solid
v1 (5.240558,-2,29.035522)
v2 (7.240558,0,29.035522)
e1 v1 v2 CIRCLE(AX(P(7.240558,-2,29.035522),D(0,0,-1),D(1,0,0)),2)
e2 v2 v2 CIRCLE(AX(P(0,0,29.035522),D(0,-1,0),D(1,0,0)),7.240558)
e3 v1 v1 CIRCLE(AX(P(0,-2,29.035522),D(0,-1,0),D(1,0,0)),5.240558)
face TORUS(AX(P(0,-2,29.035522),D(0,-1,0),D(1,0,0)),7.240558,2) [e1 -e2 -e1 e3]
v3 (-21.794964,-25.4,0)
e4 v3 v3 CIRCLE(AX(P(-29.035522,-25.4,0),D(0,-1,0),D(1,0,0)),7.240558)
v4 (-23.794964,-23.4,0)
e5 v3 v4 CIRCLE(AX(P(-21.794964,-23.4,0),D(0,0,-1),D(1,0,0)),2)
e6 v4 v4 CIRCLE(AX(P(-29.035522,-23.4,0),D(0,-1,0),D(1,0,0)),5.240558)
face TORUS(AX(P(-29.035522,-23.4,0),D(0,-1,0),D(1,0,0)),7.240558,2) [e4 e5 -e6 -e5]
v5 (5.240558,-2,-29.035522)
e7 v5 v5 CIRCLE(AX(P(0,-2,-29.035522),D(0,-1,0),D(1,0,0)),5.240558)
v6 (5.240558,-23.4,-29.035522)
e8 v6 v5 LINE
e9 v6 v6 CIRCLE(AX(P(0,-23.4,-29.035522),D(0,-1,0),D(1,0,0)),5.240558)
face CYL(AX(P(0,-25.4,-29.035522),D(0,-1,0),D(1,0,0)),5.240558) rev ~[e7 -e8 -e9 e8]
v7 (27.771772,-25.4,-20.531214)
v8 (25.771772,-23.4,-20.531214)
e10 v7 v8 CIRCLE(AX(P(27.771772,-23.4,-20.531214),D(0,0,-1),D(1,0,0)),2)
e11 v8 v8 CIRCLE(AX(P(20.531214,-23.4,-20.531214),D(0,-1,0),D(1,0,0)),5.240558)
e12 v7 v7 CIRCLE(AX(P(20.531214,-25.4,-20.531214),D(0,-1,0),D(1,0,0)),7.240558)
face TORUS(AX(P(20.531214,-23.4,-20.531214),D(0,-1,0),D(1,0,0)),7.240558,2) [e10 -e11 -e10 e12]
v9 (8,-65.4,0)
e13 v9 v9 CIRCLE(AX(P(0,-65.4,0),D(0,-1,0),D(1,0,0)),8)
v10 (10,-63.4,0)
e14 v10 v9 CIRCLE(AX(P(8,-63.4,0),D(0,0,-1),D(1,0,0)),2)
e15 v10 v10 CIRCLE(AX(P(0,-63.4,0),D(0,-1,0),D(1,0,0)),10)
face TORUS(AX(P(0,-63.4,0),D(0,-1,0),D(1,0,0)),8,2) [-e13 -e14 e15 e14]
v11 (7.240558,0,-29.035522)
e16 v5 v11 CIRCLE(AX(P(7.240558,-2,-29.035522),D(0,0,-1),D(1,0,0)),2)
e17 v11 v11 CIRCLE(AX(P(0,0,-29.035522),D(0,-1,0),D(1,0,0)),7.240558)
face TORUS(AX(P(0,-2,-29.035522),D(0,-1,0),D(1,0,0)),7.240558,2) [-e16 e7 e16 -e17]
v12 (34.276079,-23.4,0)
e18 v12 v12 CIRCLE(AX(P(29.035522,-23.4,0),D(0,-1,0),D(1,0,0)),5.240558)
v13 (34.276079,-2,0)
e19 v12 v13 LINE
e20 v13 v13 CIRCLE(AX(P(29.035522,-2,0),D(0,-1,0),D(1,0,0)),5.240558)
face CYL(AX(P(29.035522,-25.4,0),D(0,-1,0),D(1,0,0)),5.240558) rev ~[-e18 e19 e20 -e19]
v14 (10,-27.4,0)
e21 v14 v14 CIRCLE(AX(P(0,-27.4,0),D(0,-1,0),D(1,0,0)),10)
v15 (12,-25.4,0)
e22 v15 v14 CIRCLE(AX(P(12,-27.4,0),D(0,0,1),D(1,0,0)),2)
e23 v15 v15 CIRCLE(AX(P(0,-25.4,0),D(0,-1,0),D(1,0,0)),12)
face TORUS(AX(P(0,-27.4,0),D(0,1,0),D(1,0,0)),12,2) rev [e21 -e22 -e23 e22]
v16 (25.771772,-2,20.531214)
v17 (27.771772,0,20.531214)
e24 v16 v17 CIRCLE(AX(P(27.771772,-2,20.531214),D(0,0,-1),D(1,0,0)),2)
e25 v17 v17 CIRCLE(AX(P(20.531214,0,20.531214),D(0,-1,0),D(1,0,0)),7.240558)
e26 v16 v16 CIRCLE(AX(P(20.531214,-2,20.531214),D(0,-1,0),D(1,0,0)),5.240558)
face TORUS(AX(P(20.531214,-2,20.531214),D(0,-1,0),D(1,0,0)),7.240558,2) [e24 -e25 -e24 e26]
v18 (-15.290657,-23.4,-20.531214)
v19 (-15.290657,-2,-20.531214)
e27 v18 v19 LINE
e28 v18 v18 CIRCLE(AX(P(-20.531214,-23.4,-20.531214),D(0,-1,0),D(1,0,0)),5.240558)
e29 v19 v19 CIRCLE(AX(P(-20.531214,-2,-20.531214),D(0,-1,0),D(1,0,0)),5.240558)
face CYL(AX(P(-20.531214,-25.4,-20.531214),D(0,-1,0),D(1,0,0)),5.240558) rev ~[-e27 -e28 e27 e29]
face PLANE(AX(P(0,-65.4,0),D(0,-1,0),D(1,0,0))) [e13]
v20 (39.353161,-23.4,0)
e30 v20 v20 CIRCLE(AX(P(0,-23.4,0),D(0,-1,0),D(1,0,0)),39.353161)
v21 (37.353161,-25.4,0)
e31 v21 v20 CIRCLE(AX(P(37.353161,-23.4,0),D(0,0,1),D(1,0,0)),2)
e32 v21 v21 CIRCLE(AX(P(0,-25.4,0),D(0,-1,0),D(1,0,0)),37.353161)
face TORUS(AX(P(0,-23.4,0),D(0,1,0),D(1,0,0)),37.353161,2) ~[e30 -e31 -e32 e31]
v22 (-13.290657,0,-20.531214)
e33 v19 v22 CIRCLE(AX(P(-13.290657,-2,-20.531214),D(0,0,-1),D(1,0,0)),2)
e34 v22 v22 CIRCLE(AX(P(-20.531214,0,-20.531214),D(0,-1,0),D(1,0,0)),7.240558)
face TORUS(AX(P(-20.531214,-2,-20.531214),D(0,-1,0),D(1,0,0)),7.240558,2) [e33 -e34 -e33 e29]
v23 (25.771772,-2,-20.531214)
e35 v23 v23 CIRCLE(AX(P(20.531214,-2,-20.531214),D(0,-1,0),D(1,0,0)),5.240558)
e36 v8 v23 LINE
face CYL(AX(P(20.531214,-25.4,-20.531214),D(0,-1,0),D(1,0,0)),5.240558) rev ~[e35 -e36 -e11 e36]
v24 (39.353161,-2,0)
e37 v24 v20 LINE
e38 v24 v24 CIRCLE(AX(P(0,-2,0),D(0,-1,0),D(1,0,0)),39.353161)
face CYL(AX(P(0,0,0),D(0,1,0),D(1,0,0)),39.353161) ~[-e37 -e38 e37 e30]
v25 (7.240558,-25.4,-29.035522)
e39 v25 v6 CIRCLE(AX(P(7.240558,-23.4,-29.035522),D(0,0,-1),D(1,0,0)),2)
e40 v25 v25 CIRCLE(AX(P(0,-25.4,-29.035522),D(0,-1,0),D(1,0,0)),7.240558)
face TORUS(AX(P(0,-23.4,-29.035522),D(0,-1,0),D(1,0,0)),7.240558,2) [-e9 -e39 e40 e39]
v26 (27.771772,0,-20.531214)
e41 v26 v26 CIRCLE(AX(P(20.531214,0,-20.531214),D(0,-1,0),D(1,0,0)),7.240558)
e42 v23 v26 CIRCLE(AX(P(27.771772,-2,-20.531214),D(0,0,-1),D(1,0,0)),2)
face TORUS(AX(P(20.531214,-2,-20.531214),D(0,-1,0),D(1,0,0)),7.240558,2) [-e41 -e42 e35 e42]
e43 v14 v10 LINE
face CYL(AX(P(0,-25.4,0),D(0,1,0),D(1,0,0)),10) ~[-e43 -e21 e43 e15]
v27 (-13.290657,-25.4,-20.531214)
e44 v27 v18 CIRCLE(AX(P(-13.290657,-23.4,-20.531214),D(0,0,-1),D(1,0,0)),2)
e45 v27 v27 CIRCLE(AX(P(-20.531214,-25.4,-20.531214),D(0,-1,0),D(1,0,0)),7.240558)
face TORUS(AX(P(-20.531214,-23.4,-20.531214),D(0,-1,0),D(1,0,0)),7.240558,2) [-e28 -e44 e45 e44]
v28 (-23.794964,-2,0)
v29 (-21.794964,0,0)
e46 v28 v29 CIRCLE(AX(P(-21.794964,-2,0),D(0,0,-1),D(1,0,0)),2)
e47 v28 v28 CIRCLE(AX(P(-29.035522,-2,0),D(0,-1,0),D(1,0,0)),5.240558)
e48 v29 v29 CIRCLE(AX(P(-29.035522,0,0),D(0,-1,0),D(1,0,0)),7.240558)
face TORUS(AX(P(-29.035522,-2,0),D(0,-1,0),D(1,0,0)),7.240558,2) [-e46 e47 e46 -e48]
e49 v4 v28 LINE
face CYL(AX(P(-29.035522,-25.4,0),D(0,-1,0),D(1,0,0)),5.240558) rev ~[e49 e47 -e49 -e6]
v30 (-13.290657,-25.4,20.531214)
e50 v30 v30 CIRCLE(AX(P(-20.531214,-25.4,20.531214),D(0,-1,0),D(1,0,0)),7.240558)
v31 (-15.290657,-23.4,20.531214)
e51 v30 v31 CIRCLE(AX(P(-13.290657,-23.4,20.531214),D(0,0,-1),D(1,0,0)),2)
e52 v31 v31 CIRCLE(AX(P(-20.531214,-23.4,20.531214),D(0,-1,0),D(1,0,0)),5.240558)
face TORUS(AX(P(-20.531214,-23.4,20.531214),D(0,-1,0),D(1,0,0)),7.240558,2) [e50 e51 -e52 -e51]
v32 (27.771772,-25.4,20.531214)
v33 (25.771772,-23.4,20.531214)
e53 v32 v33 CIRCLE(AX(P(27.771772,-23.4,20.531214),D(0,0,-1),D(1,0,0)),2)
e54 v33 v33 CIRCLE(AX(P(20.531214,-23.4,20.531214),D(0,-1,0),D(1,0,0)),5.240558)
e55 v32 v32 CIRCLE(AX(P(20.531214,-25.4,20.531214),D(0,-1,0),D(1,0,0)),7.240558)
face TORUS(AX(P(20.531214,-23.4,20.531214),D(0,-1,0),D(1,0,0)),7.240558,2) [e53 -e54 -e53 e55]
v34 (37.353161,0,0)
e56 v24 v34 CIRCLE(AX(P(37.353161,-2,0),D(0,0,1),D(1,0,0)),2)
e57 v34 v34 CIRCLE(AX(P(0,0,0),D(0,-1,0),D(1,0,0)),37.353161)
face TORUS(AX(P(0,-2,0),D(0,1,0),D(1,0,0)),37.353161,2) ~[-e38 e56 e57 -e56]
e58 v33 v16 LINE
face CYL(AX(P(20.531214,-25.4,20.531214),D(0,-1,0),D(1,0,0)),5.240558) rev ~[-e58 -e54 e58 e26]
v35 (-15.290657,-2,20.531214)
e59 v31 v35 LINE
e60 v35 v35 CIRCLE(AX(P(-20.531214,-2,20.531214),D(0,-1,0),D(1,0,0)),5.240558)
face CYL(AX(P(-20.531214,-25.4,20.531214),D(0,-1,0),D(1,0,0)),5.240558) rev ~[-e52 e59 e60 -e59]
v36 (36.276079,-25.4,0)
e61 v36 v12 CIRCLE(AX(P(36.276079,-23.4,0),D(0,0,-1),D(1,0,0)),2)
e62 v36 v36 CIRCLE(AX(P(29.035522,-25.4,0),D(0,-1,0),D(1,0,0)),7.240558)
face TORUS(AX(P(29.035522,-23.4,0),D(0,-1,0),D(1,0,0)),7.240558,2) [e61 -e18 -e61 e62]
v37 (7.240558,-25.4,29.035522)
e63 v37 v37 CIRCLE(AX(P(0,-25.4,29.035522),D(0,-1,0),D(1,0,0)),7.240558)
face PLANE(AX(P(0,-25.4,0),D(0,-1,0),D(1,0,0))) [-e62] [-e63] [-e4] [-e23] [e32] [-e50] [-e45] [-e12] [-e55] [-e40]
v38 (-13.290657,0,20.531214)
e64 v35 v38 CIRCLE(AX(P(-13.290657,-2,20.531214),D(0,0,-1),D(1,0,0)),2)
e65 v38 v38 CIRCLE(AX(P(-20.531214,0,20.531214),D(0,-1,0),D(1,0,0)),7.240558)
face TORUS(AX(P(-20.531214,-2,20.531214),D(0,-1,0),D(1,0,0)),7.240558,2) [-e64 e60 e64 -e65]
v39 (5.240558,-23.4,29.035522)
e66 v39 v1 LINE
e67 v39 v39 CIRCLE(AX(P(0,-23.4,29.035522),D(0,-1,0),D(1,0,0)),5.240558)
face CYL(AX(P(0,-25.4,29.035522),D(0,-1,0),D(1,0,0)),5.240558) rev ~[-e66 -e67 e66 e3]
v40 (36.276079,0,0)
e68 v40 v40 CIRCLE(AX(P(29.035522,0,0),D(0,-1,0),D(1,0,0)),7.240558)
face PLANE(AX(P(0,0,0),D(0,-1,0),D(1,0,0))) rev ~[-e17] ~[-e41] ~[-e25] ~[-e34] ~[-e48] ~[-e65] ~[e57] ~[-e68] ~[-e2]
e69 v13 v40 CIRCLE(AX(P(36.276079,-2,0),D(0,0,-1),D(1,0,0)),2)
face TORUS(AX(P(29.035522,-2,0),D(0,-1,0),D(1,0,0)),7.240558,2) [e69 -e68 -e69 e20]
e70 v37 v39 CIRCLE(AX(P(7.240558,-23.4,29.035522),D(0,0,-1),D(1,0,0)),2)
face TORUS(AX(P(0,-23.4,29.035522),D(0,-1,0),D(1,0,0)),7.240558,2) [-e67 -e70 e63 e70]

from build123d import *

# Parameters (mm, degrees)
F0_R     = 39.3531611254
F1_DEPTH = 25.4
F2_R     = 5.2405577027
F3_DEPTH = 28
F4_R     = 10
F5_DEPTH = 40
F6_R     = 2
F7_R     = 2
F8_R     = 2
F9_R     = 2


with BuildPart() as f1:
    # F0 (on Front) → F1 (new body)
    with BuildSketch(Plane.XZ):
        Circle(F0_R)
    extrude(amount=F1_DEPTH)

    # F2 (on face) → F3 (cut)
    with BuildSketch(Plane.XZ.offset(25.4)):
        with Locations((0, 29.0355216712)):
            Circle(F2_R)
        with Locations((20.531214269, 20.531214269)):
            Circle(F2_R)
        with Locations((29.0355216712, 0)):
            Circle(F2_R)
        with Locations((20.531214269, -20.531214269)):
            Circle(F2_R)
        with Locations((0, -29.0355216712)):
            Circle(F2_R)
        with Locations((-20.531214269, -20.531214269)):
            Circle(F2_R)
        with Locations((-29.0355216712, 0)):
            Circle(F2_R)
        with Locations((-20.531214269, 20.531214269)):
            Circle(F2_R)
    extrude(amount=-F3_DEPTH, mode=Mode.SUBTRACT)

    # F4 (on face) → F5 (join)
    with BuildSketch(Plane.XZ.offset(25.4)):
        Circle(F4_R)
    extrude(amount=F5_DEPTH)

    # F6
    f6_edges = [f1.edges().sort_by_distance(p)[0] for p in [
        (-10, -65.4, 0),
    ]]
    fillet(f6_edges, radius=F6_R)

    # F7
    f7_edges = [f1.edges().sort_by_distance(p)[0] for p in [
        (39.353161, -12.7, 0),
        (-39.353161, 0, 0),
        (-39.353161, -25.4, 0),
    ]]
    fillet(f7_edges, radius=F7_R)

    # F8
    f8_edges = [f1.edges().sort_by_distance(p)[0] for p in [
        (-37.353161, -25.4, 0),
        (-25.771772, -25.4, -20.531214),
        (-5.240558, -25.4, -29.035522),
        (15.290657, -25.4, -20.531214),
        (-34.276079, -25.4, 0),
        (-25.771772, -25.4, 20.531214),
        (-10, -25.4, 0),
        (23.794964, -25.4, 0),
        (-5.240558, -25.4, 29.035522),
        (15.290657, -25.4, 20.531214),
    ]]
    fillet(f8_edges, radius=F8_R)

    # F9
    f9_edges = [f1.edges().sort_by_distance(p)[0] for p in [
        (-37.353161, 0, 0),
        (-25.771772, 0, -20.531214),
        (-5.240558, 0, -29.035522),
        (15.290657, 0, -20.531214),
        (-34.276079, 0, 0),
        (-25.771772, 0, 20.531214),
        (23.794964, 0, 0),
        (-5.240558, 0, 29.035522),
        (15.290657, 0, 20.531214),
    ]]
    fillet(f9_edges, radius=F9_R)


solid = f1.part
